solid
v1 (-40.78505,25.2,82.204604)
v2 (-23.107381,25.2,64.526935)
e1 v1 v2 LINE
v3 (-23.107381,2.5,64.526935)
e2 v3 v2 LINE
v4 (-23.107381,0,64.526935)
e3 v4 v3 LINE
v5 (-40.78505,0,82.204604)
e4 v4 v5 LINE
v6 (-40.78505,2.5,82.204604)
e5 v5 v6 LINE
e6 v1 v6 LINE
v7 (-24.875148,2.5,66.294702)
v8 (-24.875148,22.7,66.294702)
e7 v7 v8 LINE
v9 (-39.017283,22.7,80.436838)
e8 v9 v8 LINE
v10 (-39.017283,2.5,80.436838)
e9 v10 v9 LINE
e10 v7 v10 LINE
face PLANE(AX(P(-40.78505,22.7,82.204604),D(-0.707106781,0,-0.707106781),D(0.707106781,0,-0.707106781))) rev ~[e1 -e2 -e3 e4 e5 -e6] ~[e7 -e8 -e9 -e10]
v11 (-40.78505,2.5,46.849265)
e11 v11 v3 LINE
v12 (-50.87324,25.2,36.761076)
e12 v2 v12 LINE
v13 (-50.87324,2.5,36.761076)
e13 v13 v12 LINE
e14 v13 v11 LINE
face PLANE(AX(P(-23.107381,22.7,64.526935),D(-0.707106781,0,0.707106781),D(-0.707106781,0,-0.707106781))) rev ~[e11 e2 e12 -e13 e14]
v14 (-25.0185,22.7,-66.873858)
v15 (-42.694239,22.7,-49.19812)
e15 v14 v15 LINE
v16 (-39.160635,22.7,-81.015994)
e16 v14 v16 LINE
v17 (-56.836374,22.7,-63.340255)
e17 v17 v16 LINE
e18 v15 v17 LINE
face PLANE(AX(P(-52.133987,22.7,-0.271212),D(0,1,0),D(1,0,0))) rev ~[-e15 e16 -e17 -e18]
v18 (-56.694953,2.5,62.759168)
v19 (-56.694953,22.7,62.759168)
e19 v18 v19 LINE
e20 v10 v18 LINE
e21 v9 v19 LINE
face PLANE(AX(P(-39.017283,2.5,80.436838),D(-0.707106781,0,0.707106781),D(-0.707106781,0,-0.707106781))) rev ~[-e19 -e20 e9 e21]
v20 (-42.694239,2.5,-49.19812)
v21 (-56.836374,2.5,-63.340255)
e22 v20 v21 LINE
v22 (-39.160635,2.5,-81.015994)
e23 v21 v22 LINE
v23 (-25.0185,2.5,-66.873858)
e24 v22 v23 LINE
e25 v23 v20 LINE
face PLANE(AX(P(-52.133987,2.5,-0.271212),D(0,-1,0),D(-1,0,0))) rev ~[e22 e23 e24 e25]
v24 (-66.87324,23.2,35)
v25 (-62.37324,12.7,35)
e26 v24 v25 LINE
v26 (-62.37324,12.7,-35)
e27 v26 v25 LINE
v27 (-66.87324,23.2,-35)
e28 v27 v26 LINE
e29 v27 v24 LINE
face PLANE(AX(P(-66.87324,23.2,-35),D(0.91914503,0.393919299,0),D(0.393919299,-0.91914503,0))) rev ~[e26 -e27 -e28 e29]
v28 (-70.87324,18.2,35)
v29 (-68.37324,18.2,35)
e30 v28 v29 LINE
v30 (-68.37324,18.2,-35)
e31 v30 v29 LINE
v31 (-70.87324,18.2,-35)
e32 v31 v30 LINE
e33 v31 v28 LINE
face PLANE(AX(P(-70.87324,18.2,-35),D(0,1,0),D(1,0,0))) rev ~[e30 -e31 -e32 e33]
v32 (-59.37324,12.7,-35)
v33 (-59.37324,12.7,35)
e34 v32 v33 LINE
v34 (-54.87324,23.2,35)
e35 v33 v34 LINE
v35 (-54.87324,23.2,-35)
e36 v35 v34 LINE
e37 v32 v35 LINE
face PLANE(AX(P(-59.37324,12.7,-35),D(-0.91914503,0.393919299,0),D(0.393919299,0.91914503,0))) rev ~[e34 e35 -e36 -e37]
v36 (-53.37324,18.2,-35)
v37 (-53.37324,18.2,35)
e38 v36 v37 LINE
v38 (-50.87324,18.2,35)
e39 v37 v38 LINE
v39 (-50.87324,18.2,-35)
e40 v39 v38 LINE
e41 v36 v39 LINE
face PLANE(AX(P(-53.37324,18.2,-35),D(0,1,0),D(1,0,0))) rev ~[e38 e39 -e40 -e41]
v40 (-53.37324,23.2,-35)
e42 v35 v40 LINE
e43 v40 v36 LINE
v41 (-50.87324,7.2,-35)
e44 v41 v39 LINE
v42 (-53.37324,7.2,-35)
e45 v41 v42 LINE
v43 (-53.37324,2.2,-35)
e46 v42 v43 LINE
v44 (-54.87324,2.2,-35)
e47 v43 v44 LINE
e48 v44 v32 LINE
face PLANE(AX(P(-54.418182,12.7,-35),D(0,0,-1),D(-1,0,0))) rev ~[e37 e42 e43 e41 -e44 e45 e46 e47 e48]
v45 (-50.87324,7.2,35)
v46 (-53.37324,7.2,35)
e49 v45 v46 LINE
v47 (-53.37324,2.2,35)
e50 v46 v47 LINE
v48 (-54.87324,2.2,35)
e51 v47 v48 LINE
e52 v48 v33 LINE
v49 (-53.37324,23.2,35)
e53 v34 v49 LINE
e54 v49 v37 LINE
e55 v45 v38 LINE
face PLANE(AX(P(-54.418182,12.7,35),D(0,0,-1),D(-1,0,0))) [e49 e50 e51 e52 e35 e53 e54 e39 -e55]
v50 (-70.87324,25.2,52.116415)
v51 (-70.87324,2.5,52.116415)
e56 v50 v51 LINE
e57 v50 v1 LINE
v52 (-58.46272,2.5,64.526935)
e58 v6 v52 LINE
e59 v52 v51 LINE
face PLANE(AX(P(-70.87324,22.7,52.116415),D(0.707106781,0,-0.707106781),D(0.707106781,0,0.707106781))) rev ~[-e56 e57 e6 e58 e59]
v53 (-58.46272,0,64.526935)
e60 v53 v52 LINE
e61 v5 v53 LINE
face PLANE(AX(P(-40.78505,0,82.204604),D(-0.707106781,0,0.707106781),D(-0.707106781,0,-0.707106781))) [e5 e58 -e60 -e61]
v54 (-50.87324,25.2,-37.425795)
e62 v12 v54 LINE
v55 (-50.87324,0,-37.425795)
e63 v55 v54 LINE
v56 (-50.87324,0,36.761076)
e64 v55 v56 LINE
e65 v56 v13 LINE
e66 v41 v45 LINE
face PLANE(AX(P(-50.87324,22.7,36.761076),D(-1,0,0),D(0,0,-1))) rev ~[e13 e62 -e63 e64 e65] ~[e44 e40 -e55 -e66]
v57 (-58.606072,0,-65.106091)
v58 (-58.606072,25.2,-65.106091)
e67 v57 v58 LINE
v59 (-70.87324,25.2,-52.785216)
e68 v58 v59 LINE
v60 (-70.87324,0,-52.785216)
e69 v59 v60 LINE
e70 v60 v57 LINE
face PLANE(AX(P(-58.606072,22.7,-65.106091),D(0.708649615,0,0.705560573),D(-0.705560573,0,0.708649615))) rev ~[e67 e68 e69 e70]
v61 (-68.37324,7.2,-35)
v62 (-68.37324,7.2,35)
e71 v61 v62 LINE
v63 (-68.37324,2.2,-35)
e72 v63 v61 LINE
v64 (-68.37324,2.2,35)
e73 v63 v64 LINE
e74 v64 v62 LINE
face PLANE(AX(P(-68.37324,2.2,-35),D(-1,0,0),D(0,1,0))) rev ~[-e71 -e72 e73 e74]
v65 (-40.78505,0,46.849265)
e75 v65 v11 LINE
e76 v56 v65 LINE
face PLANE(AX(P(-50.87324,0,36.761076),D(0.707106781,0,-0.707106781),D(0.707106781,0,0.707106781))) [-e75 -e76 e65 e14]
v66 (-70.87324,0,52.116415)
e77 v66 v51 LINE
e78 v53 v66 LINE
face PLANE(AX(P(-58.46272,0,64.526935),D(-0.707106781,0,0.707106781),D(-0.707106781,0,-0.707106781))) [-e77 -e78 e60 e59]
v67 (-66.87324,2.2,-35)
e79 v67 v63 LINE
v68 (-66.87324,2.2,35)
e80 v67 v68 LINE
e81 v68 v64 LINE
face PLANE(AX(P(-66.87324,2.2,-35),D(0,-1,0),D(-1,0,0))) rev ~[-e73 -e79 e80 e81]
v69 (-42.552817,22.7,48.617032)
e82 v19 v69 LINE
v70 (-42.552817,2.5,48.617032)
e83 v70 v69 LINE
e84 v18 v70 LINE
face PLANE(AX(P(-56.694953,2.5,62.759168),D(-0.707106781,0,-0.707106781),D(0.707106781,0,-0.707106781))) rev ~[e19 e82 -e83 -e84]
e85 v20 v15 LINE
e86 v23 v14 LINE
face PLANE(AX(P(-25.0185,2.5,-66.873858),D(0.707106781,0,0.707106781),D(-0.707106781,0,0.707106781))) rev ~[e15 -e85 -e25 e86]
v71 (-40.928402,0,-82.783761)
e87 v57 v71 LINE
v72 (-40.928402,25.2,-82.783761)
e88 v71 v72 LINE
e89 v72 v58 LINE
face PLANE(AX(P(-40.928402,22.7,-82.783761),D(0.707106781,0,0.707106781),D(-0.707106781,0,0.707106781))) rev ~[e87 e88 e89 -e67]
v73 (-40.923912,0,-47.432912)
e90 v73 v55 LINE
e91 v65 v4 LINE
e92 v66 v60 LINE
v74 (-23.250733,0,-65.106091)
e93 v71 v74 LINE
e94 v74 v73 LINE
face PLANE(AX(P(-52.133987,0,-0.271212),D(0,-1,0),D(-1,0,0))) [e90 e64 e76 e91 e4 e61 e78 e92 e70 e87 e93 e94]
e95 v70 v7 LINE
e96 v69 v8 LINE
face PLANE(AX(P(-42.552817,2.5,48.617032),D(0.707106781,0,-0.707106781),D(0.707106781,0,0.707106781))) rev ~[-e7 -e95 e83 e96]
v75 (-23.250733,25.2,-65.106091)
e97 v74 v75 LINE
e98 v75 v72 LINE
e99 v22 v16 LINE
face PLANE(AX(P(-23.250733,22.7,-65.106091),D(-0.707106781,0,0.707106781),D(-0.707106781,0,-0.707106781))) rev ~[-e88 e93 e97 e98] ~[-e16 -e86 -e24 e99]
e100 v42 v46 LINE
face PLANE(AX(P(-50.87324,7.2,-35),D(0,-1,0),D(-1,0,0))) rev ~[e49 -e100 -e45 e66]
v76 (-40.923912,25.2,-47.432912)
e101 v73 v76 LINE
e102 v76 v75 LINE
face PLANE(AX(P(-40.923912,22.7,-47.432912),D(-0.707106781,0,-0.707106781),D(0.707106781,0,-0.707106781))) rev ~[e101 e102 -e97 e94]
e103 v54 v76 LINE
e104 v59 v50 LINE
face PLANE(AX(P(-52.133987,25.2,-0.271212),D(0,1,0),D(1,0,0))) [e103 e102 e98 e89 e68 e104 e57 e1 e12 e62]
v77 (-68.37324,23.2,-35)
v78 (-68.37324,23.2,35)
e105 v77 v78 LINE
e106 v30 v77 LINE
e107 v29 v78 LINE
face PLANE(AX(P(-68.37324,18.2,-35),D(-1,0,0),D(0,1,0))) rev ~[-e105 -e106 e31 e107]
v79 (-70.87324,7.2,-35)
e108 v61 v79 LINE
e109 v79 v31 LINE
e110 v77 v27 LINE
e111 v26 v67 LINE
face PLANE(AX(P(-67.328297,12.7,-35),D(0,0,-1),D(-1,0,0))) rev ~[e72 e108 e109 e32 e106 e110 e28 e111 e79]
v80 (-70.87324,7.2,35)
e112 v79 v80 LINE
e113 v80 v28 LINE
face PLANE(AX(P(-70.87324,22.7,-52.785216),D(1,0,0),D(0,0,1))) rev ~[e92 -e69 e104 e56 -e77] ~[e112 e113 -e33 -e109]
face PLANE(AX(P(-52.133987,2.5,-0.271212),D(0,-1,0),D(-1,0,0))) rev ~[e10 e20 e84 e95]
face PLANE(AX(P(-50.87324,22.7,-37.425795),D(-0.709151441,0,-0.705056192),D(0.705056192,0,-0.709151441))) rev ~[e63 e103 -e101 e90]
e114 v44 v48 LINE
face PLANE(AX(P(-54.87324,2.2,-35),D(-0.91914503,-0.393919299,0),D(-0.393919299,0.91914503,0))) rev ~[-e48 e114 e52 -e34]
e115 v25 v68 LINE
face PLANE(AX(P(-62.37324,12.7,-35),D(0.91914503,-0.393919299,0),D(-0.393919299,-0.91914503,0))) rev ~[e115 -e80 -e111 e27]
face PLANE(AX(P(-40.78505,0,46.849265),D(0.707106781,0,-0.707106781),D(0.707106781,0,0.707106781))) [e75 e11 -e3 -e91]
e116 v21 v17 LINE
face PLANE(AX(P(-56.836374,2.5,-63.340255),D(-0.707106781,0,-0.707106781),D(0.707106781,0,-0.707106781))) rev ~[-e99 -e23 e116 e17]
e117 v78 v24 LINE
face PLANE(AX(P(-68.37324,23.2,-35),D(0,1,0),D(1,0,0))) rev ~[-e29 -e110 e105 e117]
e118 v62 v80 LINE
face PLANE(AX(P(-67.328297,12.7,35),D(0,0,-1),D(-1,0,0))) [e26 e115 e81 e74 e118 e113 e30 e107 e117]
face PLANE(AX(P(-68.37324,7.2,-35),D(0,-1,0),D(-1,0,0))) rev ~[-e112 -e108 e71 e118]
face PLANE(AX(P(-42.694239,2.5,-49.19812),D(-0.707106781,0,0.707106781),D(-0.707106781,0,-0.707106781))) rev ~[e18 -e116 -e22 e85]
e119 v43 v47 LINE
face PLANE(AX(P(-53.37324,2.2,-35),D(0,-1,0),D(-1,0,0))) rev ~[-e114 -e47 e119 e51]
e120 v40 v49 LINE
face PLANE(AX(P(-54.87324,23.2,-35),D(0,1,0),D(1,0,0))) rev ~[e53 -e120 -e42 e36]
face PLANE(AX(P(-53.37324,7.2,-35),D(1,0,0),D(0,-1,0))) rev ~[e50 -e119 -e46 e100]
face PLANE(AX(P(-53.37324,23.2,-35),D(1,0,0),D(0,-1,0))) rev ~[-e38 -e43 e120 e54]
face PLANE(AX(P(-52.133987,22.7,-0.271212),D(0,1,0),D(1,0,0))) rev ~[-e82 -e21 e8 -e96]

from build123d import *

# Parameters (mm, degrees)
EXTRUDE_1_DEPTH          = 2.5
EXTRUDE_2_DEPTH          = 20.2
EXTRUDE_3_DEPTH          = 2.5
CUT_EXTRUDE_1_DEPTH      = 35
CUT_EXTRUDE_1_DEPTH_BACK = 35


with BuildPart() as part:
    # 스케치1 → 보스-돌출1 (new body)
    with BuildSketch(Plane(origin=(0, 0, 0), x_dir=(1, 0, 0), z_dir=(0, 1, 0))):
        Polygon((-40.78505036, -82.204604484), (-58.462719889, -64.526934954), (-70.873239565, -52.116415278), (-70.873239565, 52.78521642), (-58.606071899, 65.106091447), (-40.92840237, 82.783760977), (-23.25073284, 65.106091447), (-40.92391218, 47.432912107), (-50.873239565, 37.425795029), (-50.873239565, -36.761076219), (-40.78505036, -46.849265425), (-23.10738083, -64.526934954), align=None)
    extrude(amount=EXTRUDE_1_DEPTH)

    # 스케치2 → 보스-돌출2 (add)
    with BuildSketch(Plane(origin=(0, 2.5, 0), x_dir=(1, 0, 0), z_dir=(0, 1, 0))):
        Polygon((-25.018499793, 66.8738584), (-42.694238669, 49.198119524), (-56.836374293, 63.340255148), (-39.160635417, 81.015994024), (-40.92840237, 82.783760977), (-58.606071899, 65.106091447), (-70.873239565, 52.78521642), (-70.873239565, -52.116415278), (-40.78505036, -82.204604484), (-39.017283407, -80.436837531), (-56.694952937, -62.759168001), (-42.552817313, -48.617032378), (-24.875147783, -66.294701907), (-23.10738083, -64.526934954), (-50.873239565, -36.761076219), (-50.873239565, 37.425795029), (-40.92391218, 47.432912107), (-23.25073284, 65.106091447), align=None)
    extrude(amount=EXTRUDE_2_DEPTH)

    # 스케치3 → 보스-돌출3 (add)
    with BuildSketch(Plane(origin=(0, 22.7, 0), x_dir=(1, 0, 0), z_dir=(0, 1, 0))):
        Polygon((-40.78505036, -82.204604484), (-23.10738083, -64.526934954), (-50.873239565, -36.761076219), (-50.873239565, 37.425795029), (-40.92391218, 47.432912107), (-23.25073284, 65.106091447), (-40.92840237, 82.783760977), (-58.606071899, 65.106091447), (-70.873239565, 52.78521642), (-70.873239565, -52.116415278), align=None)
    extrude(amount=EXTRUDE_3_DEPTH)

    # 스케치4 → 컷-돌출1 (cut, two sides: drawn at the far end of the back side and taken through both)
    with BuildSketch(Plane.XY.offset(-CUT_EXTRUDE_1_DEPTH_BACK)):
        Polygon((-50.873239565, 18.2), (-50.873239565, 16.507811734), (-50.873239565, 8.892188266), (-50.873239565, 7.2), (-53.373239565, 7.2), (-53.373239565, 2.2), (-54.873239565, 2.2), (-59.373239565, 12.7), (-54.873239565, 23.2), (-53.373239565, 23.2), (-53.373239565, 18.2), align=None)
        Polygon((-70.873239565, 18.2), (-68.373239565, 18.2), (-68.373239565, 23.2), (-66.873239565, 23.2), (-62.373239565, 12.7), (-66.873239565, 2.2), (-68.373239565, 2.2), (-68.373239565, 7.2), (-70.873239565, 7.2), align=None)
    extrude(amount=CUT_EXTRUDE_1_DEPTH + CUT_EXTRUDE_1_DEPTH_BACK, mode=Mode.SUBTRACT)


solid = part.part
